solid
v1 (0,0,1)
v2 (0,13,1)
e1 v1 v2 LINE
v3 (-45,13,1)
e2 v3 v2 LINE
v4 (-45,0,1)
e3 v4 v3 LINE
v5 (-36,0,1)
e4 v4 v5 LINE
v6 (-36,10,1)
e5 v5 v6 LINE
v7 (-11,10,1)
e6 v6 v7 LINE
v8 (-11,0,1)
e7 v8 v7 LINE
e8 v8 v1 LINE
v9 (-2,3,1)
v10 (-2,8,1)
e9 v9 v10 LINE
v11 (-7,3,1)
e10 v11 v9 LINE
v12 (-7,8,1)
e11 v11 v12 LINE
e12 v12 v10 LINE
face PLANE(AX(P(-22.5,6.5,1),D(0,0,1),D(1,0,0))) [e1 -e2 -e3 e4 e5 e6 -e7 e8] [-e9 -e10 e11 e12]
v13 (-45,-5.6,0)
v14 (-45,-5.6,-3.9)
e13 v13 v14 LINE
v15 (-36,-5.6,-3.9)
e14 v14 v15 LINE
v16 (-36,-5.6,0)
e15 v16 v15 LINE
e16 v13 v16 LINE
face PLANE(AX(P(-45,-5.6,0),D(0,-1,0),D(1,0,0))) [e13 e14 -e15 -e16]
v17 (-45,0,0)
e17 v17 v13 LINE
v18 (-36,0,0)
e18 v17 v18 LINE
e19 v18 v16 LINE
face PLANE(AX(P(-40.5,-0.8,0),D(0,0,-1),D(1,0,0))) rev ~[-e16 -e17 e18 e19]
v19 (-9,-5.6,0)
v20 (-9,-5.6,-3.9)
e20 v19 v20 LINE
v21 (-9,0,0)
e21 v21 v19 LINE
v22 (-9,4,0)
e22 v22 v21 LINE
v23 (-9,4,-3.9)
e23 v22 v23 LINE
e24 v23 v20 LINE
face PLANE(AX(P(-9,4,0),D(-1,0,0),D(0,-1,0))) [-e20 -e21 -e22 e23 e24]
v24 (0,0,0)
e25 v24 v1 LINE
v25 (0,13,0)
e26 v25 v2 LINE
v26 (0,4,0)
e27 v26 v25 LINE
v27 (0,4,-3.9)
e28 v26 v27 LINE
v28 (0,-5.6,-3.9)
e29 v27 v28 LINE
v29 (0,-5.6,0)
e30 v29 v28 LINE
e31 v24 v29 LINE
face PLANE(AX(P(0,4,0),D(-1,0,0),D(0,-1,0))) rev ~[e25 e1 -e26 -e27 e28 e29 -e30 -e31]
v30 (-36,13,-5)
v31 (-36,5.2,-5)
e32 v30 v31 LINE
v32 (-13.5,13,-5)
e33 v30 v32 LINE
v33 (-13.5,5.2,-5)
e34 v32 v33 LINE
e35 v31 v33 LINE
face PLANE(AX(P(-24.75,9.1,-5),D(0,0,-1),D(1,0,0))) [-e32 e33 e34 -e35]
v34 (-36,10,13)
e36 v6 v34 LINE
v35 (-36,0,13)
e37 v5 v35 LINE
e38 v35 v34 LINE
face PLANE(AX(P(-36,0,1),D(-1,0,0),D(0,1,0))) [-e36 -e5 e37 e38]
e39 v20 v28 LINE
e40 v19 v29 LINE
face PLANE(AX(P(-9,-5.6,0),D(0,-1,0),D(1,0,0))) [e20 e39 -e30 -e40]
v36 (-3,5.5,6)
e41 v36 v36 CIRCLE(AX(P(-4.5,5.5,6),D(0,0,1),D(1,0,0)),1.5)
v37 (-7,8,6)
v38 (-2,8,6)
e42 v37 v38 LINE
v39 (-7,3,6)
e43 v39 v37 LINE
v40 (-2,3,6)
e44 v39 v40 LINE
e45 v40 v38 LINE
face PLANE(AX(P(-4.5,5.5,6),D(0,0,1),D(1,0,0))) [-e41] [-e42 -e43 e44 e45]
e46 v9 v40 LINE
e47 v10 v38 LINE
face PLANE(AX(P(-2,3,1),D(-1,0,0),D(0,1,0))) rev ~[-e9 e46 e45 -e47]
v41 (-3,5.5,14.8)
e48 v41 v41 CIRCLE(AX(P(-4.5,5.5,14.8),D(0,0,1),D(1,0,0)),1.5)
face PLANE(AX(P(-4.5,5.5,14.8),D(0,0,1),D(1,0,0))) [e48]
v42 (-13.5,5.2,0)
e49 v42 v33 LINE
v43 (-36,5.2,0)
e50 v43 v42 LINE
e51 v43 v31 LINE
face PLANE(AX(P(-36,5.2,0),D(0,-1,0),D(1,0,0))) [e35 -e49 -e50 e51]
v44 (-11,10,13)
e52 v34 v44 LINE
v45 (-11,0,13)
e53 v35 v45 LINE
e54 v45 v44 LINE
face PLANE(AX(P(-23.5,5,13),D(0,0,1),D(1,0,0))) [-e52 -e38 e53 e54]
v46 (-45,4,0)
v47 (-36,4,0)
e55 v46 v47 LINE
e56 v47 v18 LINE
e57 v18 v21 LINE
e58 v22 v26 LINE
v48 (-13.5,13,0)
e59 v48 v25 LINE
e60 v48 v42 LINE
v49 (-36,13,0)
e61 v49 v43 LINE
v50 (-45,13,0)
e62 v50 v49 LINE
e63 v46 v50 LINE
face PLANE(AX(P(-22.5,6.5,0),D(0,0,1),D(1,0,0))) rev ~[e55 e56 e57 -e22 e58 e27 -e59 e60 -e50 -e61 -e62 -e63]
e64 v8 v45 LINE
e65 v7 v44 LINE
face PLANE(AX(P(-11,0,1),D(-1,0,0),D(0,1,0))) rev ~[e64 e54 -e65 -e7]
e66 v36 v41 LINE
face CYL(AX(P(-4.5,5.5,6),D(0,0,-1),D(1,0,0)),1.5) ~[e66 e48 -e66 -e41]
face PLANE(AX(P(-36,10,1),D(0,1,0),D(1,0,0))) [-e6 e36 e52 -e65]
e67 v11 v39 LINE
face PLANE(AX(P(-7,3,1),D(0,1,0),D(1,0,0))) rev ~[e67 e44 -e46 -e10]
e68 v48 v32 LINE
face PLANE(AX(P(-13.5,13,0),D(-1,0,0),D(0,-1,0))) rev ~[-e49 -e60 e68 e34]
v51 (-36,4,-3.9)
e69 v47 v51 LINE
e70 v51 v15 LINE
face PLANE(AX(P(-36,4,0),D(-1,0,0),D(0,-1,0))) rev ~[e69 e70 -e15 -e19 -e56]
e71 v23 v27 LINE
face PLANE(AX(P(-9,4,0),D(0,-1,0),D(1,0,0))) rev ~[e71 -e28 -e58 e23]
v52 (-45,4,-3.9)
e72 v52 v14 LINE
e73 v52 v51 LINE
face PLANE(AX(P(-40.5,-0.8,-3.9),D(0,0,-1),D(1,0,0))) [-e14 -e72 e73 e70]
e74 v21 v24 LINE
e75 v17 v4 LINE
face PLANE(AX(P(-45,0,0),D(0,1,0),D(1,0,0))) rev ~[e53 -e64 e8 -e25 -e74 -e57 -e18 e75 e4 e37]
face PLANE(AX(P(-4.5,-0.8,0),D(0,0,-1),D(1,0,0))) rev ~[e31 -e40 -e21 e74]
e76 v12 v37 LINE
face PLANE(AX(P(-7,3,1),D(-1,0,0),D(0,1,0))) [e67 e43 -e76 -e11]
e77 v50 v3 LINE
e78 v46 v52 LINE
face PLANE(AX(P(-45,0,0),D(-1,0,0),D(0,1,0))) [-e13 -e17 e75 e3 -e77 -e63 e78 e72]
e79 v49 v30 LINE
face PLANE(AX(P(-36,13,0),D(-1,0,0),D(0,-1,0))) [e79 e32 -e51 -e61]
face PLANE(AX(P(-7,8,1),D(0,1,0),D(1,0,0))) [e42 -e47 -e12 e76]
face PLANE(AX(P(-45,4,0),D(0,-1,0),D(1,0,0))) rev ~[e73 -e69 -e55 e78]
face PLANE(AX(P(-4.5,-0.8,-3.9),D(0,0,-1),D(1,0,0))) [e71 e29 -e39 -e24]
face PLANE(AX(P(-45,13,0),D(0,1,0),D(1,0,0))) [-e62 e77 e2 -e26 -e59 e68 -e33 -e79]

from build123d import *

# Parameters (mm, degrees)
F0_W      = 45
F0_H      = 13
F1_DEPTH  = 1
F2_W      = 22.5
F2_H      = 7.8
F3_DEPTH  = 5
F4_W      = 9
F4_H      = 9.6
F5_DEPTH  = 3.9
F6_W      = 25
F6_H      = 10
F7_DEPTH  = 12
F6_W_2    = 5
F6_H_2    = 5
F8_DEPTH  = 5
F9_R      = 1.5
F10_DEPTH = 8.8


with BuildPart() as f1:
    # F0 (on Top) → F1 (new body)
    with BuildSketch(Plane.XY):
        with Locations((-22.5, 6.5)):
            Rectangle(F0_W, F0_H)
    extrude(amount=F1_DEPTH)

    # F2 (on face) → F3 (join)
    with BuildSketch(Plane(origin=(0, 0, 0), x_dir=(1, 0, 0), z_dir=(0, 0, -1))):
        with Locations((-24.75, -9.1)):
            Rectangle(F2_W, F2_H)
    extrude(amount=F3_DEPTH)

    # F4 (on face) → F5 (join)
    with BuildSketch(Plane(origin=(0, 0, 0), x_dir=(1, 0, 0), z_dir=(0, 0, -1))):
        with Locations((-4.5, 0.8)):
            Rectangle(F4_W, F4_H)
        with Locations((-40.5, 0.8)):
            Rectangle(F4_W, F4_H)
    extrude(amount=F5_DEPTH)

    # F6 (on face) → F7 (join)
    with BuildSketch(Plane.XY.offset(1)):
        with Locations((-23.5, 5)):
            Rectangle(F6_W, F6_H)
    extrude(amount=F7_DEPTH)

    # F6 (on face) → F8 (join)
    with BuildSketch(Plane.XY.offset(1)):
        with Locations((-4.5, 5.5)):
            Rectangle(F6_W_2, F6_H_2)
    extrude(amount=F8_DEPTH)

    # F9 (on face) → F10 (join)
    with BuildSketch(Plane.XY.offset(6)):
        with Locations((-4.5, 5.5)):
            Circle(F9_R)
    extrude(amount=F10_DEPTH)


solid = f1.part
